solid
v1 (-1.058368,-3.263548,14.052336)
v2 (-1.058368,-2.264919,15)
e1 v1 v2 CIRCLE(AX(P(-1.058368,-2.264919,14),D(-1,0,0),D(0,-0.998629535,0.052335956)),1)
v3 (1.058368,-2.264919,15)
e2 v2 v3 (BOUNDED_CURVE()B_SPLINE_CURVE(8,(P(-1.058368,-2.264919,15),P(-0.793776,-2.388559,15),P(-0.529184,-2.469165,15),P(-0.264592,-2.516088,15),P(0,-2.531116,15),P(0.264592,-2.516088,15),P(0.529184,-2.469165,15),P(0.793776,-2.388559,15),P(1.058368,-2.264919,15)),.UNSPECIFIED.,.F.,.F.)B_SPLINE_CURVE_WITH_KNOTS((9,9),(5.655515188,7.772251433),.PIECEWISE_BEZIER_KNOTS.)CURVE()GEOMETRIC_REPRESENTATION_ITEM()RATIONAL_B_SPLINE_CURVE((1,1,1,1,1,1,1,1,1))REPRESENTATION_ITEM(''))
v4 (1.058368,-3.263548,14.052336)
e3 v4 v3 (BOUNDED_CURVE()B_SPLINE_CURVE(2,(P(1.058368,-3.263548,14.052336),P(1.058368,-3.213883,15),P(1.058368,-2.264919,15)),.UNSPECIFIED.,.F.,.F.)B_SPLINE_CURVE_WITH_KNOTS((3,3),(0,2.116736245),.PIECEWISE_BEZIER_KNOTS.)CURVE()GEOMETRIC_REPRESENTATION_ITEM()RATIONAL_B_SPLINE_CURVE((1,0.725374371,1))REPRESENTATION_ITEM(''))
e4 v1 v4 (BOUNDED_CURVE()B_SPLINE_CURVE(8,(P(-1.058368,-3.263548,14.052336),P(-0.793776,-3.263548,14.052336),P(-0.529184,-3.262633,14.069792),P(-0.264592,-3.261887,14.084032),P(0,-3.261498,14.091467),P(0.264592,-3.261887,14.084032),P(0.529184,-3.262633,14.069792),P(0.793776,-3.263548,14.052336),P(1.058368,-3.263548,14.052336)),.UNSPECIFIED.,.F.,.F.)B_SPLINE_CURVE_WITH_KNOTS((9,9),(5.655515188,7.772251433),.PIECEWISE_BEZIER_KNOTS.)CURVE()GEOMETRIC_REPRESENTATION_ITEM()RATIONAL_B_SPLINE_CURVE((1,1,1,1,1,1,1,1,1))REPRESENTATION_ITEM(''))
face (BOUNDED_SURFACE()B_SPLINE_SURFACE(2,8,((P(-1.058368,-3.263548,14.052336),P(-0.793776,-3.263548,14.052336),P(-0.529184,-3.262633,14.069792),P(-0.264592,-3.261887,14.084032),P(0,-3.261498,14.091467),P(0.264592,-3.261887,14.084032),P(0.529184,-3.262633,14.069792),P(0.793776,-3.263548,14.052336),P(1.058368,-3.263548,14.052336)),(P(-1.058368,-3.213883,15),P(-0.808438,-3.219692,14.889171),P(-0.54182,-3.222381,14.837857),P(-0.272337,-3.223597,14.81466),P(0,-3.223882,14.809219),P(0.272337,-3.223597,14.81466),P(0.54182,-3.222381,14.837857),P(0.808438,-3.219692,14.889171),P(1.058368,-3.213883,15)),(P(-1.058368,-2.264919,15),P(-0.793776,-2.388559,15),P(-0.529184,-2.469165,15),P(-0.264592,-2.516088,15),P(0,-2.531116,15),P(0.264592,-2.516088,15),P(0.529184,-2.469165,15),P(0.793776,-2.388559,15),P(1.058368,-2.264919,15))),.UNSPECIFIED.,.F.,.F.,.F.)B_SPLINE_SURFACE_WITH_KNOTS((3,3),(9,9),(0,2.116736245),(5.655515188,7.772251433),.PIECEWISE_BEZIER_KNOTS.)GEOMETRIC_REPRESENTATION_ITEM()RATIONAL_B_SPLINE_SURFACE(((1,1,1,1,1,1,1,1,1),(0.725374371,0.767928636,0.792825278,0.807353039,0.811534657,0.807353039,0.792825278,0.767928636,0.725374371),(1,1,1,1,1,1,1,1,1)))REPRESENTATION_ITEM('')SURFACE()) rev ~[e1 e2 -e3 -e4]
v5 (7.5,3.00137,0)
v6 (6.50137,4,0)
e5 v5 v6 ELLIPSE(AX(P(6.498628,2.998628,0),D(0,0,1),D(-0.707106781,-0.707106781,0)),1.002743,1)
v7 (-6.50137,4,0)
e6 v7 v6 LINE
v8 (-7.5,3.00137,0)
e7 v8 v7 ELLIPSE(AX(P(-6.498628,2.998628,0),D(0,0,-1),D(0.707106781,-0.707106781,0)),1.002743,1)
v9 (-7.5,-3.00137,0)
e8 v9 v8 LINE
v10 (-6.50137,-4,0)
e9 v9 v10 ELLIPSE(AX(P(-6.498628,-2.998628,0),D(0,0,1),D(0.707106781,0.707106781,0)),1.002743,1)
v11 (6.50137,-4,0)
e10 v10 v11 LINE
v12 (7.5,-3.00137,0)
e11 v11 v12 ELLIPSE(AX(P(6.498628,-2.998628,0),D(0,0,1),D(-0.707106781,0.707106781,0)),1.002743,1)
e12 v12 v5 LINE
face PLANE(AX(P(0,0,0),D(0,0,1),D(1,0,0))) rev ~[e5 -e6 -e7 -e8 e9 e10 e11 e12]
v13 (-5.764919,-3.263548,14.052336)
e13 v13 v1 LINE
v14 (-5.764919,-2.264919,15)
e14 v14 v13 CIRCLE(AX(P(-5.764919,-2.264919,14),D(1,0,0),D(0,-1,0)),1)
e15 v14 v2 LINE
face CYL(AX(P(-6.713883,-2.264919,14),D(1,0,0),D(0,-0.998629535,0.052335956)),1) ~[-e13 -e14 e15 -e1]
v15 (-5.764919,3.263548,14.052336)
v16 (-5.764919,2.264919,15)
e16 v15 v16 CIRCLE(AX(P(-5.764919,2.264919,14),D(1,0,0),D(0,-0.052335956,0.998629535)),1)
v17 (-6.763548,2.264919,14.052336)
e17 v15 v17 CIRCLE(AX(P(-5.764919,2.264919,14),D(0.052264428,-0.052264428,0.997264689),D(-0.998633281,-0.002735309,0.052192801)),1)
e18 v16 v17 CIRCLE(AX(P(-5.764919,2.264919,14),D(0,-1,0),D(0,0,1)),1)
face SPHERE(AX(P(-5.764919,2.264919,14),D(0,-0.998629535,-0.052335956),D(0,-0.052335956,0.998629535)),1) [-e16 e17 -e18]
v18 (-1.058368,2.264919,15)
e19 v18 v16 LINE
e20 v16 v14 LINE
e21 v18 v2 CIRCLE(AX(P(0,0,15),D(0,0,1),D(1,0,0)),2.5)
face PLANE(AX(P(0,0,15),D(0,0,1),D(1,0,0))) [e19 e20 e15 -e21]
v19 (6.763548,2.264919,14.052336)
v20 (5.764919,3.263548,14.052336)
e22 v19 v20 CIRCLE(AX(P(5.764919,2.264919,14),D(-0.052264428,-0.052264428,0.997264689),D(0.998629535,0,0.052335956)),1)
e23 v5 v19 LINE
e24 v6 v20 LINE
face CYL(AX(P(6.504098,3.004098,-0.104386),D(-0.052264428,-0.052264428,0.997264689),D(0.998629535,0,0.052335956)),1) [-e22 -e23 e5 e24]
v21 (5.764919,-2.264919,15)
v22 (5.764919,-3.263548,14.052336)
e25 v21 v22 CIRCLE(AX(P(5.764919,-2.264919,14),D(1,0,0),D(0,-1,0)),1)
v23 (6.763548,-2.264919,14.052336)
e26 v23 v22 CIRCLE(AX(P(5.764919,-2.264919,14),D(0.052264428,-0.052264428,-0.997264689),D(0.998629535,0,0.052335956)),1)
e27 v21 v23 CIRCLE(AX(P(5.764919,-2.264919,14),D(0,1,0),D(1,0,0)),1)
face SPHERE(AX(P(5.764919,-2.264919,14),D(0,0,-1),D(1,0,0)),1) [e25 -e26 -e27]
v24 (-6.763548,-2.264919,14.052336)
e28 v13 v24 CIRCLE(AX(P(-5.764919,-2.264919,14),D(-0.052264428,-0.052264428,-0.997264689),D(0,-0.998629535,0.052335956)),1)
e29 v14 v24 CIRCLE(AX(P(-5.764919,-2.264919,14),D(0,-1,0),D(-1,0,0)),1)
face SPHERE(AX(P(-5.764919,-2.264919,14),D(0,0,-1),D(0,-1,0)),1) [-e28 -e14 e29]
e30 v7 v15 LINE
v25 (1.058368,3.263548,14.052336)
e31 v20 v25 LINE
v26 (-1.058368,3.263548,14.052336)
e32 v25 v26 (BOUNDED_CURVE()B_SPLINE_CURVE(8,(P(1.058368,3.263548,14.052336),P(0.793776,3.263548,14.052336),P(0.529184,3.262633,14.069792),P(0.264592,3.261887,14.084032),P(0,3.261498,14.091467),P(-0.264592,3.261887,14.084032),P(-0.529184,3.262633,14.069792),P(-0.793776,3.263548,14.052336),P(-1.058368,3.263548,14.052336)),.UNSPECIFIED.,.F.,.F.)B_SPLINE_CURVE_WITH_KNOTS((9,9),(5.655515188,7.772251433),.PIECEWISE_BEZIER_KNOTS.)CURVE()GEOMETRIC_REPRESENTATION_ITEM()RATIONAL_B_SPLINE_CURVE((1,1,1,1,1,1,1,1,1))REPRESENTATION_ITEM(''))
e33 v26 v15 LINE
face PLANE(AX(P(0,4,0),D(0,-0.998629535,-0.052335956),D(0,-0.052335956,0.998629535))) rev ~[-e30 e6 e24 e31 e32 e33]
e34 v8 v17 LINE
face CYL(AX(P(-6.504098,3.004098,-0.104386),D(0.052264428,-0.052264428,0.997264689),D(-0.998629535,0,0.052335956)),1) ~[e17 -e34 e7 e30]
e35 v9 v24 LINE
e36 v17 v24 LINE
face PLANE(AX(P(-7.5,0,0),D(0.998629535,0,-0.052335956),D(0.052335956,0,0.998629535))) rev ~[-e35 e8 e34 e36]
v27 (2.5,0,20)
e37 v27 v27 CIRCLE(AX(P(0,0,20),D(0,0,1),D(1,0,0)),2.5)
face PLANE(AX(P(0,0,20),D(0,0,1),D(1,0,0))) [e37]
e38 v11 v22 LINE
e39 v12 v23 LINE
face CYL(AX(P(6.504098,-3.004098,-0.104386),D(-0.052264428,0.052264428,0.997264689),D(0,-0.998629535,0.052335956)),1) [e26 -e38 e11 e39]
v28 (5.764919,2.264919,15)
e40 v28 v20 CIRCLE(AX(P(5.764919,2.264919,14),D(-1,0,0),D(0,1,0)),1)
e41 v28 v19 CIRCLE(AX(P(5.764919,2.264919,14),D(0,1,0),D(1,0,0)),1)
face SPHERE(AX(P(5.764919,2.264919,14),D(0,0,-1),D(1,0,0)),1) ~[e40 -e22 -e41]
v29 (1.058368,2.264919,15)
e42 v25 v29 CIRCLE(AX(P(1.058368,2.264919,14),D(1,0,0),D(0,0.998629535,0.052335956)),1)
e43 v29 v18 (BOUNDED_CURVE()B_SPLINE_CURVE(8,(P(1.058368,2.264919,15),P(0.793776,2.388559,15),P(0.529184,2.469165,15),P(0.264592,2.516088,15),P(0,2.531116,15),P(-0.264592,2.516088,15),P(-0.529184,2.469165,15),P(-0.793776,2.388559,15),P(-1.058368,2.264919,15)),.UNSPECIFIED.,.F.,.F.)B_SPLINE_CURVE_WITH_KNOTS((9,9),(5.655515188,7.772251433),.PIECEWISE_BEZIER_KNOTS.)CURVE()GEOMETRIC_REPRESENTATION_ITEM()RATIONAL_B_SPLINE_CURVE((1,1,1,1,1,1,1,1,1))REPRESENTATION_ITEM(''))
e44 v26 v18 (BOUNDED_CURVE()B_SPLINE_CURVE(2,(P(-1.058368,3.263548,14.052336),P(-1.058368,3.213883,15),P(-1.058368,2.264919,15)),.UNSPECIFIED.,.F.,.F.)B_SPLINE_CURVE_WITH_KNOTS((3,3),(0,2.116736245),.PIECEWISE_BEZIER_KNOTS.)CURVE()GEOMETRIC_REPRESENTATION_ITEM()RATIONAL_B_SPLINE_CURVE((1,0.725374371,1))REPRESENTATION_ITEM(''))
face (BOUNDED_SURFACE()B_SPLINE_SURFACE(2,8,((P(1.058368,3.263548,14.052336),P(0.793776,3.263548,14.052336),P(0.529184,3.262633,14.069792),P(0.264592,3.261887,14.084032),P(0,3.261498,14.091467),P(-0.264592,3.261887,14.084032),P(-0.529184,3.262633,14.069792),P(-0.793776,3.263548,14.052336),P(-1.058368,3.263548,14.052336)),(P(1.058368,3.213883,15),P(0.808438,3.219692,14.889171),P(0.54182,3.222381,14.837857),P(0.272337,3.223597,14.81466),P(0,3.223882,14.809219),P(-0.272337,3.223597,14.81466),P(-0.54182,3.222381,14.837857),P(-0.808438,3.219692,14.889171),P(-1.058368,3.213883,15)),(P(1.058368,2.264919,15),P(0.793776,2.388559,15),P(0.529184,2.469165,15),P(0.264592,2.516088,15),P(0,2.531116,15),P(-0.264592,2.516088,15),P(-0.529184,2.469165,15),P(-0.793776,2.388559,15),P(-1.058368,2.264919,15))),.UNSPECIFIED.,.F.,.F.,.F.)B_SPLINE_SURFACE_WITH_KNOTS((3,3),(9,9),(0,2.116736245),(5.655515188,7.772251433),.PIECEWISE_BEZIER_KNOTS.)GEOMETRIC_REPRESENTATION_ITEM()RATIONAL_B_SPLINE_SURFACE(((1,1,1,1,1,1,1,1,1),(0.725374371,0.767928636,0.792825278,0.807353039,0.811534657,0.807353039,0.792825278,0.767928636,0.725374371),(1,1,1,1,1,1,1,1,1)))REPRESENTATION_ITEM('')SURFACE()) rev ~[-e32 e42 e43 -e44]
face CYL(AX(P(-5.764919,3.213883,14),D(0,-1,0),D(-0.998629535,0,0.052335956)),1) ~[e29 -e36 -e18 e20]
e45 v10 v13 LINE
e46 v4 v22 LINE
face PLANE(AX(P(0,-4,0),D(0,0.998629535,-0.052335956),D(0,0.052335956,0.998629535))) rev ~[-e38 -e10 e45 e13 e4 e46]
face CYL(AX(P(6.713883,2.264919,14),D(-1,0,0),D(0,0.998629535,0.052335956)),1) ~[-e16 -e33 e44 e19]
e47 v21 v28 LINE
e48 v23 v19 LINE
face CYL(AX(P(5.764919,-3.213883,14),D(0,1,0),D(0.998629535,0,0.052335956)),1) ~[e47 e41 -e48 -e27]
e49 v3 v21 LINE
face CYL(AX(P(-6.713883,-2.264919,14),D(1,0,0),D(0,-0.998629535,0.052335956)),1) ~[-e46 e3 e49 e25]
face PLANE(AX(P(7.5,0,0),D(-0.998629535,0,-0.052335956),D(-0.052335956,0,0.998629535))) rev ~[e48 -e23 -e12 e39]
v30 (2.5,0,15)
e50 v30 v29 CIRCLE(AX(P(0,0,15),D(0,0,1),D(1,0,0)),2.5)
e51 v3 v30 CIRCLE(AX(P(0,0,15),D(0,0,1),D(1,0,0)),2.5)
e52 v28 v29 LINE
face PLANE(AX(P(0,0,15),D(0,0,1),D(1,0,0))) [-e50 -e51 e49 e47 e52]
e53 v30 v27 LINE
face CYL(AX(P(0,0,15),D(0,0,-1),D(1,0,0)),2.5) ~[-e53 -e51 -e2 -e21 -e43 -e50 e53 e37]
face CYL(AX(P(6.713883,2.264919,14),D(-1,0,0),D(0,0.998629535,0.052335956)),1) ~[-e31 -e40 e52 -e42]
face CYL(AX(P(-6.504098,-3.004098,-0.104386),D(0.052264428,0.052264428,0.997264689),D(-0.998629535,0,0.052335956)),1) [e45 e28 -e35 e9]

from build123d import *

# Parameters (mm, degrees)
F0_W     = 15
F0_H     = 8
F1_DEPTH = 15
F1_TAPER = 3
F2_R     = 2.5
F3_DEPTH = 5
F4_R     = 1


with BuildPart() as f1:
    # F0 (on Top) → F1 (new body)
    with BuildSketch(Plane.XY):
        Rectangle(F0_W, F0_H)
    extrude(amount=F1_DEPTH, taper=F1_TAPER)

    # F2 (on face) → F3 (join)
    with BuildSketch(Plane.XY.offset(15)):
        Circle(F2_R)
    extrude(amount=F3_DEPTH)

    # F4
    f4_edges = [f1.edges().sort_by_distance(p)[0] for p in [
        (-7.106942, -3.606942, 7.5),
        (7.106942, -3.606942, 7.5),
        (7.106942, 3.606942, 7.5),
        (6.713883, 0, 15),
        (0, -3.213883, 15),
        (-6.713883, 0, 15),
        (0, 3.213883, 15),
        (-7.106942, 3.606942, 7.5),
    ]]
    fillet(f4_edges, radius=F4_R)


solid = f1.part
